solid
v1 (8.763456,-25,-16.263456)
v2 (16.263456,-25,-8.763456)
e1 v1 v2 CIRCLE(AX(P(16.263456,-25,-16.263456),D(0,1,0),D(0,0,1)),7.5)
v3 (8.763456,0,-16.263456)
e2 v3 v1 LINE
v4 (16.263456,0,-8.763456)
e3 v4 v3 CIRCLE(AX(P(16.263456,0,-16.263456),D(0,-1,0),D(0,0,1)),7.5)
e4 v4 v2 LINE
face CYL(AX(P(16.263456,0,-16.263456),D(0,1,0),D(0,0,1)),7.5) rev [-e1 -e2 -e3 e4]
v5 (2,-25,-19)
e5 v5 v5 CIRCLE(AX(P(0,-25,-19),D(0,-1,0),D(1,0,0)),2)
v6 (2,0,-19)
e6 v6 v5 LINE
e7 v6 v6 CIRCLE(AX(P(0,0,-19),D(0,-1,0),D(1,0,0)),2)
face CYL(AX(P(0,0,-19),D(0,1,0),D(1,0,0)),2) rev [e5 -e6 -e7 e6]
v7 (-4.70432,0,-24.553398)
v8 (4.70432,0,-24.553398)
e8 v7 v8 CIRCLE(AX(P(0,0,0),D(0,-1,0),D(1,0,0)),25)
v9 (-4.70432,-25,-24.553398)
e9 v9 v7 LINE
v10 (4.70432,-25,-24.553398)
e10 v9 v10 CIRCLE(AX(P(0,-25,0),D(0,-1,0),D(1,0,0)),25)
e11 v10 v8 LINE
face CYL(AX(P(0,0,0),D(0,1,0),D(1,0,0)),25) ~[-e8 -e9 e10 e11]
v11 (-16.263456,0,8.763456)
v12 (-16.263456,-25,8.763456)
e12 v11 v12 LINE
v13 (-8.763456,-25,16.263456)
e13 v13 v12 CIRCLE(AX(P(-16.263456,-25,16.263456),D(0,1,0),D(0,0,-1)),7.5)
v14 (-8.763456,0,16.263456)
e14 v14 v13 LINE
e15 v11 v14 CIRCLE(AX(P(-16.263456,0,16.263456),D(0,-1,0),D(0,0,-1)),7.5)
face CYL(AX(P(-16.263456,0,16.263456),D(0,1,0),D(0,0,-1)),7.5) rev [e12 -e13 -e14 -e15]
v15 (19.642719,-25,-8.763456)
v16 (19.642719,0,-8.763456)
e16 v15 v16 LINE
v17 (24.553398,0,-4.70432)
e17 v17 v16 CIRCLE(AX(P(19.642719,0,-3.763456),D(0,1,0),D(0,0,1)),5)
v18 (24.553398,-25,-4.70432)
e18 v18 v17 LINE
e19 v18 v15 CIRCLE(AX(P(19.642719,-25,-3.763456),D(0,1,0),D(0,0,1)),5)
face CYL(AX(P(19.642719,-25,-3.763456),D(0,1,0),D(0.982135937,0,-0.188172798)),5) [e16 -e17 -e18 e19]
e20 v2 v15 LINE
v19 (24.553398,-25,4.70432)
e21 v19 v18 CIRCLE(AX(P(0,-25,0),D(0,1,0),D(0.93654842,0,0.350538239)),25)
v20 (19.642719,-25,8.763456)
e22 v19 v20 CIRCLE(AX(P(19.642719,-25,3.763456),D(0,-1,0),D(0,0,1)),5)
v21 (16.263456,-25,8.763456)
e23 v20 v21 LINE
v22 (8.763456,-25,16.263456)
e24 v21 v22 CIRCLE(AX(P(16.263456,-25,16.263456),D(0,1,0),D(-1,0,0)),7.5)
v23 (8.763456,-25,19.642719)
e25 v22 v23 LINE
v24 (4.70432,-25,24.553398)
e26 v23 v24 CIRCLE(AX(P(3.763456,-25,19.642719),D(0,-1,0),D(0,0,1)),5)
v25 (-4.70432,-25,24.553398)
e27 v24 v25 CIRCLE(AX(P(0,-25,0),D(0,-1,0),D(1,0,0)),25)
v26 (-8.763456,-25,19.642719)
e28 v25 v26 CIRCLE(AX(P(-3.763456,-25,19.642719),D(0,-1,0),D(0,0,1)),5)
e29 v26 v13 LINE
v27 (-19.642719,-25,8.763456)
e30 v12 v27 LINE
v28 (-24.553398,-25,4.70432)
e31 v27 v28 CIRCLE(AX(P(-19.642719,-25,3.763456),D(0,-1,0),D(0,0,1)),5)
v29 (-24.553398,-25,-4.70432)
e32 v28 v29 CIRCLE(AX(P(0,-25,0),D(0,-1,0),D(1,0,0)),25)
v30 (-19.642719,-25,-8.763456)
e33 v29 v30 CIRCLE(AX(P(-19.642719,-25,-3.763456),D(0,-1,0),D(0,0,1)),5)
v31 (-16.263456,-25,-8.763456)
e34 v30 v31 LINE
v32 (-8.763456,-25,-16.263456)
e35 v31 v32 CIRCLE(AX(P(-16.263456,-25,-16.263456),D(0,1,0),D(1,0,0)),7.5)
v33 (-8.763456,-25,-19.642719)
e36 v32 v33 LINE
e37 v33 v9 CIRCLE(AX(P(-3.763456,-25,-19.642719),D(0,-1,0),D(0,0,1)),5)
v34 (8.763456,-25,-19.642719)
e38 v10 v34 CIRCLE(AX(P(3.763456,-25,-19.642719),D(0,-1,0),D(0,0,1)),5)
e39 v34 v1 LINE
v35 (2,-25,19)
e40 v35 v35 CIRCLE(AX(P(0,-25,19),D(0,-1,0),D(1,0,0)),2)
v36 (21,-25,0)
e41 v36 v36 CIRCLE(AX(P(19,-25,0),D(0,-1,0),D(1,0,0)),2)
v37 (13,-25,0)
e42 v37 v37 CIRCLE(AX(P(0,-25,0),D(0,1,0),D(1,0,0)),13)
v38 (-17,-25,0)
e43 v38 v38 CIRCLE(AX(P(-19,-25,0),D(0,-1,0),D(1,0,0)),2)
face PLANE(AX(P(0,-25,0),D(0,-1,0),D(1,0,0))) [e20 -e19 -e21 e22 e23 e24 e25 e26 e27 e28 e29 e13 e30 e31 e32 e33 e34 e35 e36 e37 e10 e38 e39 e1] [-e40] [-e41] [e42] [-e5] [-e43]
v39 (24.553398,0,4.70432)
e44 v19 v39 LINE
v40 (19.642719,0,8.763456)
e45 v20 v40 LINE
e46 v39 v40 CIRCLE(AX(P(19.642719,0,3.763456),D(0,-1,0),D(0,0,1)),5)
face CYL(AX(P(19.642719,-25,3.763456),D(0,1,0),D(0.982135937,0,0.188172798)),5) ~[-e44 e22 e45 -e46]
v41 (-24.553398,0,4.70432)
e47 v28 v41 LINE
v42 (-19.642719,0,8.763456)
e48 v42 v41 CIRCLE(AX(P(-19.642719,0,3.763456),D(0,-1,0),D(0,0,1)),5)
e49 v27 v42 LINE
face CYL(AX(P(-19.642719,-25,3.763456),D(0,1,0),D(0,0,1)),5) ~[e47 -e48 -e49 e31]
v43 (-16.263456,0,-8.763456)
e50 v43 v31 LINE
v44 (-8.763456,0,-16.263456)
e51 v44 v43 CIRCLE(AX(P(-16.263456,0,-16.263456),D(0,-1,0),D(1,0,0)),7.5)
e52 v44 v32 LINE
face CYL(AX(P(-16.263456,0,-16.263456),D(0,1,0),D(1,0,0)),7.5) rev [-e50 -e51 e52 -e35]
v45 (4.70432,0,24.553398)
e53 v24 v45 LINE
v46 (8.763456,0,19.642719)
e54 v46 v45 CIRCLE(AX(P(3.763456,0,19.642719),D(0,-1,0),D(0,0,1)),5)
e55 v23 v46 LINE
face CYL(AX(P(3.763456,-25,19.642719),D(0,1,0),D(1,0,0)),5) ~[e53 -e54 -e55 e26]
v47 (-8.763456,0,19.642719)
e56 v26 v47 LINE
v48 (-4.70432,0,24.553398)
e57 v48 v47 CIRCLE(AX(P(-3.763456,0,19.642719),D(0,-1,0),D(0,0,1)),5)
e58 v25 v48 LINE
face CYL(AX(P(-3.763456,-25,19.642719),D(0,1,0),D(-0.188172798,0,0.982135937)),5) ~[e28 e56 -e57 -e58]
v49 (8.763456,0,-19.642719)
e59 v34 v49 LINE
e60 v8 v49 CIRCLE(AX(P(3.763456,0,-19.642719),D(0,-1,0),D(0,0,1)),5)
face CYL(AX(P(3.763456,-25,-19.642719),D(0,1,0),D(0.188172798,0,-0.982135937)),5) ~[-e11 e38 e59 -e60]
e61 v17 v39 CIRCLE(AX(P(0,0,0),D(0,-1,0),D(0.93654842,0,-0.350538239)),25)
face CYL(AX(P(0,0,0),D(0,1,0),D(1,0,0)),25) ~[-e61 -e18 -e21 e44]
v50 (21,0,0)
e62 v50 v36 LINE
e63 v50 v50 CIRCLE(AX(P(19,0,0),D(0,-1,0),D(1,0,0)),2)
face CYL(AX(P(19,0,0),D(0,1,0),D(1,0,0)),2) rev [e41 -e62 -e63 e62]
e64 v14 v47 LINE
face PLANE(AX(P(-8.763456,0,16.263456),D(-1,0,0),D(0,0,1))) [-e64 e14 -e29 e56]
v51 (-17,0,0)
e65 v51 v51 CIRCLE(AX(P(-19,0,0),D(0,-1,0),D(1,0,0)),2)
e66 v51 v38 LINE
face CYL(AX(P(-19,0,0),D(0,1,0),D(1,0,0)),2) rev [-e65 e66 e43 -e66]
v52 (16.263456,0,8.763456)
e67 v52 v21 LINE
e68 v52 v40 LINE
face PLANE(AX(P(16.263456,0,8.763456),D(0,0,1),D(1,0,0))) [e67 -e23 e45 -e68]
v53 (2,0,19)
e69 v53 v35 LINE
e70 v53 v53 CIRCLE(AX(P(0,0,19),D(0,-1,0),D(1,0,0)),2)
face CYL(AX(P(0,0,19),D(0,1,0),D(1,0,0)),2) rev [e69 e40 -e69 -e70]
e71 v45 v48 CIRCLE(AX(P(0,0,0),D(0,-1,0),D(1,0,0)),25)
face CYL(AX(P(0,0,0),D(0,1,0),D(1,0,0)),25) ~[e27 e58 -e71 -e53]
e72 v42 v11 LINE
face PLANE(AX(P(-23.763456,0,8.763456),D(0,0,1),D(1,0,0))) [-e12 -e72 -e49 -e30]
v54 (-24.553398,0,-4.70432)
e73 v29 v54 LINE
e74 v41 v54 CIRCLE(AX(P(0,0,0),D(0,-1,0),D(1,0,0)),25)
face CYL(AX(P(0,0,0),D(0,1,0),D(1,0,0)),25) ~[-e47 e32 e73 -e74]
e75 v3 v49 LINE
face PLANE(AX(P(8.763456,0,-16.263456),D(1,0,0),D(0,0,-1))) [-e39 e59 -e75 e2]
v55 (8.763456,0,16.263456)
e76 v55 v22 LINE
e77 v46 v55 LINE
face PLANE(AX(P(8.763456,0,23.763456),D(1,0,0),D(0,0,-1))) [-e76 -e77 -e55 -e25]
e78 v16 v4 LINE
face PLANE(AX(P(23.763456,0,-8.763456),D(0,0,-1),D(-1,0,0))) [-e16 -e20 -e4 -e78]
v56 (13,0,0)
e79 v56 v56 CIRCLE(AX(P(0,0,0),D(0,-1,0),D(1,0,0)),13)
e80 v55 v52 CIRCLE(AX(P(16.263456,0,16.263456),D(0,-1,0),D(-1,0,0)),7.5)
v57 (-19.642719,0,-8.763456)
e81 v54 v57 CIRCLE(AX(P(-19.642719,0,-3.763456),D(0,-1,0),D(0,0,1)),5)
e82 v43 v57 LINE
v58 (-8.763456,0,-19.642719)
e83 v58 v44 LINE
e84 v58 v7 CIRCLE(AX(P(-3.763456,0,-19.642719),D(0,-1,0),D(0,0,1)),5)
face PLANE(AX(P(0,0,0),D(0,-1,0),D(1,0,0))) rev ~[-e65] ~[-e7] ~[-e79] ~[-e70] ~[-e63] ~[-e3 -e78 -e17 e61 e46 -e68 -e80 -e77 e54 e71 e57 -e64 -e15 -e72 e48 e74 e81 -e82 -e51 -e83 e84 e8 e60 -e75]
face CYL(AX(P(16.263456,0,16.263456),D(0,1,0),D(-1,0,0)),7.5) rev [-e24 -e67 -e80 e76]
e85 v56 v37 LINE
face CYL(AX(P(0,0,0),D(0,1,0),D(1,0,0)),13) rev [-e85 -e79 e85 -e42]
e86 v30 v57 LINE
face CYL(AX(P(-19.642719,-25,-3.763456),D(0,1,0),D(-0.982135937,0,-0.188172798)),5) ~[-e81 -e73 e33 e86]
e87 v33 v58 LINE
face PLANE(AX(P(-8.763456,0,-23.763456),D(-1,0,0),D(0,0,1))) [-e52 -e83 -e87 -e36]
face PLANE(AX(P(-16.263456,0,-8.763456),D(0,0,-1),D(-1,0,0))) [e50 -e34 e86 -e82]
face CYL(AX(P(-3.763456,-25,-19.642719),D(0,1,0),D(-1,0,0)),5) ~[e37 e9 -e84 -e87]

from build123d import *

# Parameters (mm, degrees)
F0_R     = 25
F0_R_2   = 2
F1_DEPTH = 25
F3_DEPTH = 25.001
F4_R     = 5
F5_R     = 13
F6_DEPTH = 25.001


with BuildPart() as f1:
    # F0 (on Front) → F1 (new body)
    with BuildSketch(Plane.XZ):
        Circle(F0_R)
        with Locations((0, -19)):
            Circle(F0_R_2, mode=Mode.SUBTRACT)
        with Locations((-19, 0)):
            Circle(F0_R_2, mode=Mode.SUBTRACT)
        with Locations((19, 0)):
            Circle(F0_R_2, mode=Mode.SUBTRACT)
        with Locations((0, 19)):
            Circle(F0_R_2, mode=Mode.SUBTRACT)
    extrude(amount=F1_DEPTH)

    # F2 (on Front) → F3 (cut, through all)
    with BuildSketch(Plane.XZ):
        with BuildLine():
            Line((-23.7634559673, 8.7634559673), (-16.2634559673, 8.7634559673))
            ThreePointArc((-16.2634559673, 8.7634559673), (-10.9601551084, 10.9601551084), (-8.7634559673, 16.2634559673))
            Line((-8.7634559673, 16.2634559673), (-8.7634559673, 23.7634559673))
            Line((-8.7634559673, 23.7634559673), (-23.7634559673, 23.7634559673))
            Line((-23.7634559673, 23.7634559673), (-23.7634559673, 8.7634559673))
        make_face()
        with BuildLine():
            Line((8.7634559673, 23.7634559673), (8.7634559673, 16.2634559673))
            ThreePointArc((8.7634559673, 16.2634559673), (10.9601551084, 10.9601551084), (16.2634559673, 8.7634559673))
            Line((16.2634559673, 8.7634559673), (23.7634559673, 8.7634559673))
            Line((23.7634559673, 8.7634559673), (23.7634559673, 23.7634559673))
            Line((23.7634559673, 23.7634559673), (8.7634559673, 23.7634559673))
        make_face()
        with BuildLine():
            ThreePointArc((-8.7634559673, -16.2634559673), (-10.9601551084, -10.9601551084), (-16.2634559673, -8.7634559673))
            Line((-16.2634559673, -8.7634559673), (-23.7634559673, -8.7634559673))
            Line((-23.7634559673, -8.7634559673), (-23.7634559673, -23.7634559673))
            Line((-23.7634559673, -23.7634559673), (-8.7634559673, -23.7634559673))
            Line((-8.7634559673, -23.7634559673), (-8.7634559673, -16.2634559673))
        make_face()
        with BuildLine():
            ThreePointArc((16.2634559673, -8.7634559673), (10.9601551084, -10.9601551084), (8.7634559673, -16.2634559673))
            Line((8.7634559673, -16.2634559673), (8.7634559673, -23.7634559673))
            Line((8.7634559673, -23.7634559673), (23.7634559673, -23.7634559673))
            Line((23.7634559673, -23.7634559673), (23.7634559673, -8.7634559673))
            Line((23.7634559673, -8.7634559673), (16.2634559673, -8.7634559673))
        make_face()
    extrude(amount=F3_DEPTH, mode=Mode.SUBTRACT)

    # F4
    f4_edges = [f1.edges().sort_by_distance(p)[0] for p in [
        (8.763456, -12.5, 23.413711),
        (-8.763456, -12.5, 23.413711),
        (-23.413711, -12.5, 8.763456),
        (-23.413711, -12.5, -8.763456),
        (-8.763456, -12.5, -23.413711),
        (8.763456, -12.5, -23.413711),
        (23.413711, -12.5, -8.763456),
        (23.413711, -12.5, 8.763456),
    ]]
    fillet(f4_edges, radius=F4_R)

    # F5 (on Front) → F6 (cut, through all)
    with BuildSketch(Plane.XZ):
        Circle(F5_R)
    extrude(amount=F6_DEPTH, mode=Mode.SUBTRACT)


solid = f1.part
